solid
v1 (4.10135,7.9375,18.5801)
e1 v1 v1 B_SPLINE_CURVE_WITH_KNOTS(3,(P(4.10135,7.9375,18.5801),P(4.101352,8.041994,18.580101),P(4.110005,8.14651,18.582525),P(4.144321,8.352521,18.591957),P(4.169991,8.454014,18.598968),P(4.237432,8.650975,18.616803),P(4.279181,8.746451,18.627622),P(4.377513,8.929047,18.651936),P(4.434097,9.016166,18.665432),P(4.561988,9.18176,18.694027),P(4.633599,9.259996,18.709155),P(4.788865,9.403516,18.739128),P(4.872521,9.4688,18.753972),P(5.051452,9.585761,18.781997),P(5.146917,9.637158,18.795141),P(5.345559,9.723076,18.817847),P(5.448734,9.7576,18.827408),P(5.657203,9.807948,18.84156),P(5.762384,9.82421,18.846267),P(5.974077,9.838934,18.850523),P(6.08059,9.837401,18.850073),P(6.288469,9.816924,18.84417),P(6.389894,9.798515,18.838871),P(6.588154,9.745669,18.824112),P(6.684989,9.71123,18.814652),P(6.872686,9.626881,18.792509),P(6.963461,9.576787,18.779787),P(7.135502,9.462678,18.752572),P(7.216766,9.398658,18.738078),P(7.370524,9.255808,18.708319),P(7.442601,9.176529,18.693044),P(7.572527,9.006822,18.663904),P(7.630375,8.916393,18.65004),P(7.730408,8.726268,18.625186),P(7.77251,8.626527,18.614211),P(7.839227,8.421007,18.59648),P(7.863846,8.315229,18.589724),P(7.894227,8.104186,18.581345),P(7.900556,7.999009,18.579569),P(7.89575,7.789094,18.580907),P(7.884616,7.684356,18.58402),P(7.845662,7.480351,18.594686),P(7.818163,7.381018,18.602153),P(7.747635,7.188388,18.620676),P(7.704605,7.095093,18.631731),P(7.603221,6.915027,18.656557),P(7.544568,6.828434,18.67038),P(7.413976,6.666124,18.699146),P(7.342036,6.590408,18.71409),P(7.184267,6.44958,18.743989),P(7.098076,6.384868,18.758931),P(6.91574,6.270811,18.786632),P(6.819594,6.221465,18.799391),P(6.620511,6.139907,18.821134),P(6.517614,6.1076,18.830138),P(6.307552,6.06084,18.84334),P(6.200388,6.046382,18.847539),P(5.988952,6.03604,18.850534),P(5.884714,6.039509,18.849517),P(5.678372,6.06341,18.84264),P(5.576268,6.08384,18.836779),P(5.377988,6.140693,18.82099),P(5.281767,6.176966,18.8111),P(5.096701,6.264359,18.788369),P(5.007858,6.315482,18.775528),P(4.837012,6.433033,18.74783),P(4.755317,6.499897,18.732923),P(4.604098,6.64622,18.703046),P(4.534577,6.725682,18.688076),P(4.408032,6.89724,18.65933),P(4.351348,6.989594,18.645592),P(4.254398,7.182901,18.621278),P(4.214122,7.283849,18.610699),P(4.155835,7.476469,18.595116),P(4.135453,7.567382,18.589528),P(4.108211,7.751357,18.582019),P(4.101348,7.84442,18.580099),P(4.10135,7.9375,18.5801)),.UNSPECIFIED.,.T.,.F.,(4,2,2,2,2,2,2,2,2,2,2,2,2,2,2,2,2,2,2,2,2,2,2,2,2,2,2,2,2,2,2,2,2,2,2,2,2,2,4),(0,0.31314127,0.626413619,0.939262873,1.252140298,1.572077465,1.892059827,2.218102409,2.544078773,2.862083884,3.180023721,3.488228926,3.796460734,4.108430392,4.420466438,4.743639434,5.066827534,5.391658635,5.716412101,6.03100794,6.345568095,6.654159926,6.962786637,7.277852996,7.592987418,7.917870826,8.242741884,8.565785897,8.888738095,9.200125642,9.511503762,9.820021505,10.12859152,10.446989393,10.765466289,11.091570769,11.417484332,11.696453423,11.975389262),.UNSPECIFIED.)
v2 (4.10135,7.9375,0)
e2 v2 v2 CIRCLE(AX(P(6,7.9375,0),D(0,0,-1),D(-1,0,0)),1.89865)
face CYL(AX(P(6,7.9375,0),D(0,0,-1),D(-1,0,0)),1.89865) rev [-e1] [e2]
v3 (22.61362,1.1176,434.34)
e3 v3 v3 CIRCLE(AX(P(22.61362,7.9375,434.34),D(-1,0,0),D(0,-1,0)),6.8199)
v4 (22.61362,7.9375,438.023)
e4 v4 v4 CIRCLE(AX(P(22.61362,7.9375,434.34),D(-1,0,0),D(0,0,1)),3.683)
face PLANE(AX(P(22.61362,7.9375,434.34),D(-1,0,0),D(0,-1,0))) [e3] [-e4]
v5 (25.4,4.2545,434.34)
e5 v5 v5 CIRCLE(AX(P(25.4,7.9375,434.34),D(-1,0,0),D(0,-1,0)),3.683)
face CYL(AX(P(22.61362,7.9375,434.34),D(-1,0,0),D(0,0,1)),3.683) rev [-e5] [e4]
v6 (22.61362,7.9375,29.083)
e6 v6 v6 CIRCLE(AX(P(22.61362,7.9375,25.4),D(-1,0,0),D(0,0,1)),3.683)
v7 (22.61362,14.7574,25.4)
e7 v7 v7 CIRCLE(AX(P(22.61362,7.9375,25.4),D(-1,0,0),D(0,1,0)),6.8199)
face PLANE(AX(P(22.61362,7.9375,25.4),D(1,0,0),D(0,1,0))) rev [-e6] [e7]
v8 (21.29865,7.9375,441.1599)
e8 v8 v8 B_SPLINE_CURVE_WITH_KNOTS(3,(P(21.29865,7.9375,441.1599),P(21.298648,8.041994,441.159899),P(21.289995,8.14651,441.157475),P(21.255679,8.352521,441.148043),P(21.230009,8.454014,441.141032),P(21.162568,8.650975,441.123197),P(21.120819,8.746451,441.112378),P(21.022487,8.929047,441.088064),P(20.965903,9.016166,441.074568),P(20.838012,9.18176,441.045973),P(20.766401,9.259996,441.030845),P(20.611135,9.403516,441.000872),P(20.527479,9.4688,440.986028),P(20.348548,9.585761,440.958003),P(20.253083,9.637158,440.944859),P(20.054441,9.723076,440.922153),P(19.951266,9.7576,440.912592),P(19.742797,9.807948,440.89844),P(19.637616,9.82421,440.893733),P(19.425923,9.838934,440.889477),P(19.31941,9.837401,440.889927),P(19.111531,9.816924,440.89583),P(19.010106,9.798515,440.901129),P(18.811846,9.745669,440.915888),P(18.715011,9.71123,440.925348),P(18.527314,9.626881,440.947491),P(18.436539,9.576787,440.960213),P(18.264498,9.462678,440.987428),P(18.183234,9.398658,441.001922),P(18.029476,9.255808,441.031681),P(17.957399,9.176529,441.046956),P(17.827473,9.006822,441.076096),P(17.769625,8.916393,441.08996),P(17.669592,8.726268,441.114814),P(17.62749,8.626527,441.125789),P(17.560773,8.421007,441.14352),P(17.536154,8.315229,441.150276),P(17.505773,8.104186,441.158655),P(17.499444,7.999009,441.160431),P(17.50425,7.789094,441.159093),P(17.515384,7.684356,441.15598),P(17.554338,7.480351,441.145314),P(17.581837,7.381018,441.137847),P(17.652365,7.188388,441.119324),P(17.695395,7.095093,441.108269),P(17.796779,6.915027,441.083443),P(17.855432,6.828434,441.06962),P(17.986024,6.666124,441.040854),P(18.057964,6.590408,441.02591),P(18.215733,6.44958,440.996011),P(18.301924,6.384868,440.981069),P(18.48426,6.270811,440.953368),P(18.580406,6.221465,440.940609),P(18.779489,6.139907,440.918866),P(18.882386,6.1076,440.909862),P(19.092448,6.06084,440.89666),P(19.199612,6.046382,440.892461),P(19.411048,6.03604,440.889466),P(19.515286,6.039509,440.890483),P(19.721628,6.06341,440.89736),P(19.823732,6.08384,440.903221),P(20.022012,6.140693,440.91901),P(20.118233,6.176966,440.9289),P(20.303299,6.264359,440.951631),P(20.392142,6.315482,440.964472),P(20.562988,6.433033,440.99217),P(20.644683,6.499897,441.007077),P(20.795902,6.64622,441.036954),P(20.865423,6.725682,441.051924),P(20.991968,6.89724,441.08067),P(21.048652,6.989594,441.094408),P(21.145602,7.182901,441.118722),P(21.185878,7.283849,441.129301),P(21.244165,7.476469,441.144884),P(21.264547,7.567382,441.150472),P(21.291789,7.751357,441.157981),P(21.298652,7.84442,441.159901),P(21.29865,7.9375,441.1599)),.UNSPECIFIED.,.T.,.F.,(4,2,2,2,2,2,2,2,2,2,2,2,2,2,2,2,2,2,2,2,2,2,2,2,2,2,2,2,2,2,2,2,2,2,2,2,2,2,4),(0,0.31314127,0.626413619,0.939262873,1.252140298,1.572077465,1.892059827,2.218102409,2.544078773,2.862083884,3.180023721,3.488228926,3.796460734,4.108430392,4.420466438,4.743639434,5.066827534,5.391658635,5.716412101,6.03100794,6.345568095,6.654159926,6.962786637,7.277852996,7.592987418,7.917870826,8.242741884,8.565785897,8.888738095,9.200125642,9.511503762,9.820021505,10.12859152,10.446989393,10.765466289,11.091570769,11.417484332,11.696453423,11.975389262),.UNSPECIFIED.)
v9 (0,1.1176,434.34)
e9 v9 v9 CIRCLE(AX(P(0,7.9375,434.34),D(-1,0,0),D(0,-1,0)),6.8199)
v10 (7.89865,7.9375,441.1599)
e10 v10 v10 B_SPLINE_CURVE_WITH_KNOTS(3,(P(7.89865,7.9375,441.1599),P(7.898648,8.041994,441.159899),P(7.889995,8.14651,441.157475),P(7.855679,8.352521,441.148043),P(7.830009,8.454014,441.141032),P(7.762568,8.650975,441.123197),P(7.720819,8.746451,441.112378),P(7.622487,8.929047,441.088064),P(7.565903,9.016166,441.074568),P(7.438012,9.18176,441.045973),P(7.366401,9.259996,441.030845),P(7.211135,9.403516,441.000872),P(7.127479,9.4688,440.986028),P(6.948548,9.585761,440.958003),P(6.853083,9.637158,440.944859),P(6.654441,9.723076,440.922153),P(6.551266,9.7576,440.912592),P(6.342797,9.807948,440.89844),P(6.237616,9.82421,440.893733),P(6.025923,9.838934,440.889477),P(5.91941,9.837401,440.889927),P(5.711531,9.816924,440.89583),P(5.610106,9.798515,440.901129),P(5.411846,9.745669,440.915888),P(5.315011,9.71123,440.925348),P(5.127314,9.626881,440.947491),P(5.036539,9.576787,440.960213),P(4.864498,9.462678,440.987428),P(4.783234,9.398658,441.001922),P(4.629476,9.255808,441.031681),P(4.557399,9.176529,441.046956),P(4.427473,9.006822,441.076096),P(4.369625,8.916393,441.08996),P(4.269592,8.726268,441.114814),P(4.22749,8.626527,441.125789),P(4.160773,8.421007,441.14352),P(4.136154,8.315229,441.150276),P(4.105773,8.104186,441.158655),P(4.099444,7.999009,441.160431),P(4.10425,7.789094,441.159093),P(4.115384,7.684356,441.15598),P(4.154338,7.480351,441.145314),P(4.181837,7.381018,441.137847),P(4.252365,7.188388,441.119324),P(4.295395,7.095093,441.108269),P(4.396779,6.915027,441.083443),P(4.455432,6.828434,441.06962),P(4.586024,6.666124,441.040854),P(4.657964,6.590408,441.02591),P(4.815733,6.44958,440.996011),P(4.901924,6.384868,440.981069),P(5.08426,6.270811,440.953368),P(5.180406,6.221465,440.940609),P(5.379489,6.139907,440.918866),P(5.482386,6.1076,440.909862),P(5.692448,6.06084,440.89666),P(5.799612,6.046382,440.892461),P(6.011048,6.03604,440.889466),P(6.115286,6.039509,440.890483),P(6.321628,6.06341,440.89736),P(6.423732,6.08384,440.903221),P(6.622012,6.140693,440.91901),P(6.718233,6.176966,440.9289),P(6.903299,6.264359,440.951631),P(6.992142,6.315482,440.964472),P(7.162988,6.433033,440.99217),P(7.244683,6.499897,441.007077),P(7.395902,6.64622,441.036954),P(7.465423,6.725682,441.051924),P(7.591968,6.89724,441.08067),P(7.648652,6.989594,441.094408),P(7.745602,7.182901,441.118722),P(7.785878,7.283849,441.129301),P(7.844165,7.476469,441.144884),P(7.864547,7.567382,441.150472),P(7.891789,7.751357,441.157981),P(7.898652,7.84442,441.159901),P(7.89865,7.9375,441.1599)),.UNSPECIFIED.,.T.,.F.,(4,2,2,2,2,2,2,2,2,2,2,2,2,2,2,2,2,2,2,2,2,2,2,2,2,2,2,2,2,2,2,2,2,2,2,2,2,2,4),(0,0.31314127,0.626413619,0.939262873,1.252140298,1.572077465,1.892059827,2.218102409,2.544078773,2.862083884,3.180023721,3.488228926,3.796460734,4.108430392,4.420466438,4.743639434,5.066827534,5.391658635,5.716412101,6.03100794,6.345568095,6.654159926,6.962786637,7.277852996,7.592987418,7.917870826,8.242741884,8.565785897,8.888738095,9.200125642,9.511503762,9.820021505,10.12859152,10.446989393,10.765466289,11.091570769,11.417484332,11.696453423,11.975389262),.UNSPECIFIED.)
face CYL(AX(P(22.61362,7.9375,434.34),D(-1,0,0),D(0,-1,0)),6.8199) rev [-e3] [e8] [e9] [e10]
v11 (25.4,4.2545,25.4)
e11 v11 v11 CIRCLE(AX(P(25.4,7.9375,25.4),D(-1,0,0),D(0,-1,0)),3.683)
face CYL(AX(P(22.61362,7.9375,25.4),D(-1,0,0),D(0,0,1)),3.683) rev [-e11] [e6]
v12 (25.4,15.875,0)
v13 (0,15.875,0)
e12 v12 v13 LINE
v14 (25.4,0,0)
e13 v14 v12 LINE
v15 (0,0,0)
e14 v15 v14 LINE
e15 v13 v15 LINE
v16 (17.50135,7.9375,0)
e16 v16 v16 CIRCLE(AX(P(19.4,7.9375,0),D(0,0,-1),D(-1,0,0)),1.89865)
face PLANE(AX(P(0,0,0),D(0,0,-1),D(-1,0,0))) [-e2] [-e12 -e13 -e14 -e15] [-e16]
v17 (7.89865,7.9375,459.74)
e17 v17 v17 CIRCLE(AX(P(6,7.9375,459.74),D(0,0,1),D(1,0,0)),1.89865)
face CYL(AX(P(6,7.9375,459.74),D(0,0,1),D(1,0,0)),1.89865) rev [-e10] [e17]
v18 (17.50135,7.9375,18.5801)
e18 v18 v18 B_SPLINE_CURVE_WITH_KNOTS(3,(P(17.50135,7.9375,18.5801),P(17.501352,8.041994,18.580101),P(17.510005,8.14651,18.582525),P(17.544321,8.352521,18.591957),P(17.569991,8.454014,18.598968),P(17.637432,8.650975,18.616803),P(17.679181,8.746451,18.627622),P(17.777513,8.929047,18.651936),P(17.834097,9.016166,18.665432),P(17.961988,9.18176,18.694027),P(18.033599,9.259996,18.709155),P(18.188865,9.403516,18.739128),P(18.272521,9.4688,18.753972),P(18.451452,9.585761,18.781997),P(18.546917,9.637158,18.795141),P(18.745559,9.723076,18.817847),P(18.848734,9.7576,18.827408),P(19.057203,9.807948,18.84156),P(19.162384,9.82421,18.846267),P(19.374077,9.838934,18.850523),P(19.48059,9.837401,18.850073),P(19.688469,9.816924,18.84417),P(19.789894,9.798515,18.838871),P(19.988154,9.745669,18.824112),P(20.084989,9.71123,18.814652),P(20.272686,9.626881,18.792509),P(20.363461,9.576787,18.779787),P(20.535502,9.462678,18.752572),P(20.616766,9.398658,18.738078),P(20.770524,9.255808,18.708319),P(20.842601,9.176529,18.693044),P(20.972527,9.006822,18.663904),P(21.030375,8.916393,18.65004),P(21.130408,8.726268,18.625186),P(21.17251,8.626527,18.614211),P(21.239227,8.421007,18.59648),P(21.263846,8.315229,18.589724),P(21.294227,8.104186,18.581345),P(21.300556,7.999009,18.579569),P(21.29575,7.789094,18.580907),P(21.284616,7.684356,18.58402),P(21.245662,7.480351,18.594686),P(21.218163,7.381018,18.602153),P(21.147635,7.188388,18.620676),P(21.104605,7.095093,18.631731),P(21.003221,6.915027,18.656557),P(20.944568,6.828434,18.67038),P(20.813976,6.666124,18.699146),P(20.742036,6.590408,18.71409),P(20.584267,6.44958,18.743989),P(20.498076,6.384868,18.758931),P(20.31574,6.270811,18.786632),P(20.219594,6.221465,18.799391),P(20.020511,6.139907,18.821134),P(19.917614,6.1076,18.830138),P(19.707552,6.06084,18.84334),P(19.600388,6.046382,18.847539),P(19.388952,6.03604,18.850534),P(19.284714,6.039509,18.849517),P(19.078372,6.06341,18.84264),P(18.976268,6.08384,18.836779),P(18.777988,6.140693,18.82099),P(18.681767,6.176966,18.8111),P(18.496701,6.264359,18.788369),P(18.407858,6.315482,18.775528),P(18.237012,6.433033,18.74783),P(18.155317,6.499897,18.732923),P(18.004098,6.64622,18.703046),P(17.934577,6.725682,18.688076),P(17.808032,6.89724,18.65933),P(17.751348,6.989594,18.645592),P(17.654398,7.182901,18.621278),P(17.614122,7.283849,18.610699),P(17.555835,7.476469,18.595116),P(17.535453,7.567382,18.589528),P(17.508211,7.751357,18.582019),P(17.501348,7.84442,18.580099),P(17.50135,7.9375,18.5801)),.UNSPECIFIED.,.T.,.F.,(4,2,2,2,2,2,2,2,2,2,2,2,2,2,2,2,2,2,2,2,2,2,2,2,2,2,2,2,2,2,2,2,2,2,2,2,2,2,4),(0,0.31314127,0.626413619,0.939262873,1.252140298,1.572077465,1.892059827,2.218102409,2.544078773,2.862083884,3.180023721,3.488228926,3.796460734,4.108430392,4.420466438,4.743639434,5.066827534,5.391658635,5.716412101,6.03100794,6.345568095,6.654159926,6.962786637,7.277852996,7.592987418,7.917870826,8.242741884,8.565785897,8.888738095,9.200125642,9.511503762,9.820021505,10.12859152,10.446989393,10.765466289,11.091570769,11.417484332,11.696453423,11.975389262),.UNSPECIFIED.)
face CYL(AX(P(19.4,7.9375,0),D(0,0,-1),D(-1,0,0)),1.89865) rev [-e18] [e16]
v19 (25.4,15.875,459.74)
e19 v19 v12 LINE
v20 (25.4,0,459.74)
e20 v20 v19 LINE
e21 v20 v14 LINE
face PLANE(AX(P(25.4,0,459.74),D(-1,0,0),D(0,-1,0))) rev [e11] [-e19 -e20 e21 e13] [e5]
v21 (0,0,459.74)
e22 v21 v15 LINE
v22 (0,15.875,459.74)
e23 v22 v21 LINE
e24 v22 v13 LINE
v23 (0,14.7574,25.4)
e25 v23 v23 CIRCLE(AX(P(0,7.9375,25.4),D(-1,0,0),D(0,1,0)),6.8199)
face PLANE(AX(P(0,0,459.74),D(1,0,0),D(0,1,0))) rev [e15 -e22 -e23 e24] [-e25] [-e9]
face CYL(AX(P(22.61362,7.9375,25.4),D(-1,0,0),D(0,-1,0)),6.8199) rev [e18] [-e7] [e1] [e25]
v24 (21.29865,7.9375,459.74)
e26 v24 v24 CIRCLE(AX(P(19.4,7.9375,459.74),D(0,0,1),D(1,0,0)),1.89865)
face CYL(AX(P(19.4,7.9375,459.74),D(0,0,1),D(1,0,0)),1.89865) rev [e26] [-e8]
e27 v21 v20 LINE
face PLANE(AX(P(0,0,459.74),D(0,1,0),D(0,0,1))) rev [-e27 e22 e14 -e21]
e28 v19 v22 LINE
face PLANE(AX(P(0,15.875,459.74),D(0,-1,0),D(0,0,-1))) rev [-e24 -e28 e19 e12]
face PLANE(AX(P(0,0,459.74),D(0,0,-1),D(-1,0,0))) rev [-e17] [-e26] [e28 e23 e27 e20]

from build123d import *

# Parameters (mm, degrees)
SKETCH1_W                      = 25.4
SKETCH1_H                      = 15.875
BOSS_EXTRUDE1_DEPTH            = 459.74
SKETCH8_R                      = 6.8199
CUT_EXTRUDE1_DEPTH             = 22.61362
L_0_29_DIAMETER_HOLE1_D        = 7.366
L_0_29_DIAMETER_HOLE1_DEPTH    = 50.8
L_0_29_DIAMETER_HOLE1_TIP      = 2.21296966
TAP_DRILL_FOR_10_24_TAP2_D     = 3.7973
TAP_DRILL_FOR_10_24_TAP2_DEPTH = 20.701
TAP_DRILL_FOR_10_24_TAP2_TIP   = 1.140824014
TAP_DRILL_FOR_10_24_TAP1_D     = 3.7973
TAP_DRILL_FOR_10_24_TAP1_DEPTH = 20.701
TAP_DRILL_FOR_10_24_TAP1_TIP   = 1.140824014


with BuildPart() as part:
    # Sketch1 → Boss-Extrude1 (new body)
    with BuildSketch(Plane.XY):
        with Locations((12.7, 7.9375)):
            Rectangle(SKETCH1_W, SKETCH1_H)
    extrude(amount=BOSS_EXTRUDE1_DEPTH)

    # Sketch8 → Cut-Extrude1 (cut)
    with BuildSketch(Plane.ZY):
        with Locations((434.34, 7.9375)):
            Circle(SKETCH8_R)
        with Locations((25.4, 7.9375)):
            Circle(SKETCH8_R)
    extrude(amount=-CUT_EXTRUDE1_DEPTH, mode=Mode.SUBTRACT)

    # L (0.29) Diameter Hole1
    with Locations(Plane.ZY.offset(-22.61362)):
        with Locations((25.4, 7.9375), (434.34, 7.9375)):
            Hole(L_0_29_DIAMETER_HOLE1_D / 2, depth=L_0_29_DIAMETER_HOLE1_DEPTH)
            with Locations((0, 0, -(L_0_29_DIAMETER_HOLE1_DEPTH + L_0_29_DIAMETER_HOLE1_TIP / 2))):  # 118° drill point
                Cone(0, L_0_29_DIAMETER_HOLE1_D / 2, L_0_29_DIAMETER_HOLE1_TIP, mode=Mode.SUBTRACT)

    # Tap Drill for #10-24 Tap2
    with Locations(Plane(origin=(-2202.638131805, 879.599136144, 459.74), x_dir=(0, 1, 0), z_dir=(0, 0, 1))):
        with Locations((-871.661636144, -2222.038131805), (-871.661636144, -2208.638131805)):
            Hole(TAP_DRILL_FOR_10_24_TAP2_D / 2, depth=TAP_DRILL_FOR_10_24_TAP2_DEPTH)
            with Locations((0, 0, -(TAP_DRILL_FOR_10_24_TAP2_DEPTH + TAP_DRILL_FOR_10_24_TAP2_TIP / 2))):  # 118° drill point
                Cone(0, TAP_DRILL_FOR_10_24_TAP2_D / 2, TAP_DRILL_FOR_10_24_TAP2_TIP, mode=Mode.SUBTRACT)

    # Tap Drill for #10-24 Tap1
    with Locations(Plane(origin=(0, 0, 0), x_dir=(-1, 0, 0), z_dir=(0, 0, -1))):
        with Locations((-19.4, 7.9375), (-6, 7.9375)):
            Hole(TAP_DRILL_FOR_10_24_TAP1_D / 2, depth=TAP_DRILL_FOR_10_24_TAP1_DEPTH)
            with Locations((0, 0, -(TAP_DRILL_FOR_10_24_TAP1_DEPTH + TAP_DRILL_FOR_10_24_TAP1_TIP / 2))):  # 118° drill point
                Cone(0, TAP_DRILL_FOR_10_24_TAP1_D / 2, TAP_DRILL_FOR_10_24_TAP1_TIP, mode=Mode.SUBTRACT)


solid = part.part
